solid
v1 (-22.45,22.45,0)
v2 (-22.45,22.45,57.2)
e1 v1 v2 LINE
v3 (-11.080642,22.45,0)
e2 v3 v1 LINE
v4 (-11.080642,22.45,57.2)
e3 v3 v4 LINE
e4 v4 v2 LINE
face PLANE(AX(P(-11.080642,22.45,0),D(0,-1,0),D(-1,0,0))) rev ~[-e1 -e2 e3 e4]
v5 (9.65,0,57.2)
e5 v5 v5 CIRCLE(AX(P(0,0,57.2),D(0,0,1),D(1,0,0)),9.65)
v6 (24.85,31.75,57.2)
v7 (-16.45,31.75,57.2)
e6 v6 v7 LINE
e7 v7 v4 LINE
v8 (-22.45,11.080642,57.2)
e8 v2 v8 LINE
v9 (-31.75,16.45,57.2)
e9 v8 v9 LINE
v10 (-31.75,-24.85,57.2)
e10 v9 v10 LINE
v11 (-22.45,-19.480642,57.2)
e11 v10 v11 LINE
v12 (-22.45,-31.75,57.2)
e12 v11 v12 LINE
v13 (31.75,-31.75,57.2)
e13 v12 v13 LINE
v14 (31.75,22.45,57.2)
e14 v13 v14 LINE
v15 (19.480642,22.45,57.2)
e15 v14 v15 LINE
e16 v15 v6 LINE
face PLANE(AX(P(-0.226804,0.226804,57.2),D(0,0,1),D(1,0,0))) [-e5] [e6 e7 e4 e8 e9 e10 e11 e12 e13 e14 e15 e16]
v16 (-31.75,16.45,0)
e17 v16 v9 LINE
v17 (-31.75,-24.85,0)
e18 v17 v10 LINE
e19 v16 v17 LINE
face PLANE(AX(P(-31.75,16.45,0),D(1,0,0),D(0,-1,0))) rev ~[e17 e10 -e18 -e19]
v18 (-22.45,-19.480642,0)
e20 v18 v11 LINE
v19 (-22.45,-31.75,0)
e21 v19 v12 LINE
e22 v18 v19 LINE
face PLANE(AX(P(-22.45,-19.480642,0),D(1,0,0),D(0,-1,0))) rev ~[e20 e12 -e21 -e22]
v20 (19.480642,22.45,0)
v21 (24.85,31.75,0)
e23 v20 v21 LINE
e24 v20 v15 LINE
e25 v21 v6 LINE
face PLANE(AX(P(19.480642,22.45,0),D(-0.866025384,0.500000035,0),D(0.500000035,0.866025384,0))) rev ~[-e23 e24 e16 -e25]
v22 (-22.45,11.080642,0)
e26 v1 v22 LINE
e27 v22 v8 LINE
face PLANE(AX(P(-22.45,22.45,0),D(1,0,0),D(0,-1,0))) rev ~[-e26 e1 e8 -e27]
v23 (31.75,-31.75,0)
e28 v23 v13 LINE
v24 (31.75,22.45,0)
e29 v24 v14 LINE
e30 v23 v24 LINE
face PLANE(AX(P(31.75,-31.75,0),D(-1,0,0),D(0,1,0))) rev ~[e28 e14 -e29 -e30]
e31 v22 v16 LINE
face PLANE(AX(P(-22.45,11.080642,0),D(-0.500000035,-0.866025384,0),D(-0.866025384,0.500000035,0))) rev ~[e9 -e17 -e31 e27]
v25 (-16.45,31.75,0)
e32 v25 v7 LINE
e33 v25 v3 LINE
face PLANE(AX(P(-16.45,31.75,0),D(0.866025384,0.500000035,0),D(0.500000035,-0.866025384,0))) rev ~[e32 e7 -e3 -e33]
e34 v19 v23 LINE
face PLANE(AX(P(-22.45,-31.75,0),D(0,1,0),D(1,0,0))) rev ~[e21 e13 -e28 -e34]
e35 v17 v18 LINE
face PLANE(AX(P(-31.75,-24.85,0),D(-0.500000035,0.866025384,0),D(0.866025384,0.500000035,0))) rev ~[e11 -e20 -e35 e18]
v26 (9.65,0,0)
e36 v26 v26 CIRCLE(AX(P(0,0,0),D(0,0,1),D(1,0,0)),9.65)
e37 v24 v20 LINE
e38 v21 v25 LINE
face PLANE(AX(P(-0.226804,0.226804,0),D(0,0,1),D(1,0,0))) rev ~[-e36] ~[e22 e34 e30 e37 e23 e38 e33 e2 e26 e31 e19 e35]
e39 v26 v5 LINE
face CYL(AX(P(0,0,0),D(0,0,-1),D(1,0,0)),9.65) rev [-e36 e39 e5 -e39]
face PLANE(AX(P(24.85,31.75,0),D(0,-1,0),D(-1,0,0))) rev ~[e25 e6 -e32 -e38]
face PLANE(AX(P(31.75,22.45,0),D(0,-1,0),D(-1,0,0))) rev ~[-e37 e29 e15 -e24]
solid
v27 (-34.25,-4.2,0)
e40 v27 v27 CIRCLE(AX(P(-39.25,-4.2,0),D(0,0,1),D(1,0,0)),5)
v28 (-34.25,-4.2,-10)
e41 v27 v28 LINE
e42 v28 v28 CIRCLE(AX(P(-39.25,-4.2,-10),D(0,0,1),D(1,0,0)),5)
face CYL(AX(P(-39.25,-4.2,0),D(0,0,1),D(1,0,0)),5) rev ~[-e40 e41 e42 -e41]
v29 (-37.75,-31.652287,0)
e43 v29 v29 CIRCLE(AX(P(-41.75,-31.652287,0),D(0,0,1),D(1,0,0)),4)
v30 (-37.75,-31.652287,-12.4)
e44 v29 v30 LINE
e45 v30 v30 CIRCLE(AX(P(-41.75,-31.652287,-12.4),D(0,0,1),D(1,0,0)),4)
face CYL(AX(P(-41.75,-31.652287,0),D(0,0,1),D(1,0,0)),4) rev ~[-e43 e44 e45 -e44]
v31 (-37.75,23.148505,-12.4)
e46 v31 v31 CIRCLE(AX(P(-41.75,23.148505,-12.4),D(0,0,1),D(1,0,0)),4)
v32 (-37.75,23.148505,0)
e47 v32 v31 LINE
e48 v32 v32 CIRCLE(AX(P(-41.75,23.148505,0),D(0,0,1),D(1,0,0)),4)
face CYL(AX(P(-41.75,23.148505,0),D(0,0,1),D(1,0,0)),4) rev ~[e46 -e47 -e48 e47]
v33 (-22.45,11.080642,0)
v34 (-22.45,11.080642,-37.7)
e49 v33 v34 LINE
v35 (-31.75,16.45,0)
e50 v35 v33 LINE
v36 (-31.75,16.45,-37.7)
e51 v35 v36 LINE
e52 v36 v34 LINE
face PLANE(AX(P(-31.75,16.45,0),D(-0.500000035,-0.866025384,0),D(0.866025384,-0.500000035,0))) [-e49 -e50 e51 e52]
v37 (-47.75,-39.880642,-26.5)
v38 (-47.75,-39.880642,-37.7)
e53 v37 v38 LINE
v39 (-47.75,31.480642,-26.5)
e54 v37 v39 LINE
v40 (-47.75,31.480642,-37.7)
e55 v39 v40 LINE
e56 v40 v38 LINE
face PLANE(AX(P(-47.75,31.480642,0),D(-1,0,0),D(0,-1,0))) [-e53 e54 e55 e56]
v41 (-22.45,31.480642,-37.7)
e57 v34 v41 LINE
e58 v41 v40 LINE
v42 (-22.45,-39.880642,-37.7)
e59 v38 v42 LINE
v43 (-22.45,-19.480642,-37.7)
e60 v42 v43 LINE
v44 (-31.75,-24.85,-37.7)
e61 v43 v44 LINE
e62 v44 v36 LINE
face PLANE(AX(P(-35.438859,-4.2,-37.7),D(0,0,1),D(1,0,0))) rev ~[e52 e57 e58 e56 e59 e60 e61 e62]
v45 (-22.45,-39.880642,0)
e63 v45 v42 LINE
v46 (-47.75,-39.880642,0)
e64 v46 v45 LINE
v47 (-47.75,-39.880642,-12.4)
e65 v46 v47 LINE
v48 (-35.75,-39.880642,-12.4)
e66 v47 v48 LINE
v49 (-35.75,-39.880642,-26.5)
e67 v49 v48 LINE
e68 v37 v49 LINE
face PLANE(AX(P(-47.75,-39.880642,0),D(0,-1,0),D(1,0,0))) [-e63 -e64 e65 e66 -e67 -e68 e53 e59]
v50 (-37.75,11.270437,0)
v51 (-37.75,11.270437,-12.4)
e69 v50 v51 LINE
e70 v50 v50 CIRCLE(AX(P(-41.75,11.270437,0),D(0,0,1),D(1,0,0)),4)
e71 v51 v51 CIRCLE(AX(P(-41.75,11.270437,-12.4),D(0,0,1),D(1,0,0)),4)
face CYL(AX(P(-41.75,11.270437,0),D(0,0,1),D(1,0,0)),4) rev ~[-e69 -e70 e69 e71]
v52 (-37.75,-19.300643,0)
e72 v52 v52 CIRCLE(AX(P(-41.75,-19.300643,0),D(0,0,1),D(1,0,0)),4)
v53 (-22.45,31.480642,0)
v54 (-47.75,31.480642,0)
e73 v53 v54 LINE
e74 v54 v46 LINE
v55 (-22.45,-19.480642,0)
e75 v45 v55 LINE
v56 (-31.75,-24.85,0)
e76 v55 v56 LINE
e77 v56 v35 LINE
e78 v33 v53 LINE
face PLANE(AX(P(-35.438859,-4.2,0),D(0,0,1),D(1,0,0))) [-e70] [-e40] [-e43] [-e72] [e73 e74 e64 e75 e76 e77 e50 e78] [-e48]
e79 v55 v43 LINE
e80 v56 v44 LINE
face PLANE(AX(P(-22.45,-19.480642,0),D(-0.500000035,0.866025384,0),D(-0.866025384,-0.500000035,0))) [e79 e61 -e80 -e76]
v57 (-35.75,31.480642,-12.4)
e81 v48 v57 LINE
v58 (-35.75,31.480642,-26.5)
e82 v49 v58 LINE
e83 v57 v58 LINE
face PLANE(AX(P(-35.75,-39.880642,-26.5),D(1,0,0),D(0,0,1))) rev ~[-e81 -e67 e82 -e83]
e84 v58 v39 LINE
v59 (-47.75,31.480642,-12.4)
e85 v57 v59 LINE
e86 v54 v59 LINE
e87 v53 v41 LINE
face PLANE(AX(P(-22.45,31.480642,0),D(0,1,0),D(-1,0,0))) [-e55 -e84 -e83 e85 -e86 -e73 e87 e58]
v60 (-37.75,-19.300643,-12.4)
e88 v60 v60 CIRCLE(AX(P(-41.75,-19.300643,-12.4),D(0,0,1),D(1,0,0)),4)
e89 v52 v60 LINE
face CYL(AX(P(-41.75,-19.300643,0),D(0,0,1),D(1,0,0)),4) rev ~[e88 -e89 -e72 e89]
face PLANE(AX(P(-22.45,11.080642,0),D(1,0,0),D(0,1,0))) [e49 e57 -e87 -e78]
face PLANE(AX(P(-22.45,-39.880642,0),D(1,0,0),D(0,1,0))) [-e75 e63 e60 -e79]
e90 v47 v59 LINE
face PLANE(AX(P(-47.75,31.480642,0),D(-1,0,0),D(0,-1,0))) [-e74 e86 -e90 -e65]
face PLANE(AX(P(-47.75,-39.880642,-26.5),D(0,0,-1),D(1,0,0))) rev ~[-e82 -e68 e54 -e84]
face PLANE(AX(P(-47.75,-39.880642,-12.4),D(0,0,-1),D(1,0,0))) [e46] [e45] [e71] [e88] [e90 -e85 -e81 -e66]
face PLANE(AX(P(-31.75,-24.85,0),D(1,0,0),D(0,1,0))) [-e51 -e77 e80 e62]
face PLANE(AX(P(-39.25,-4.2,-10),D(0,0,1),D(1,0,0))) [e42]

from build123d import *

# Parameters (mm, degrees)
F0_R     = 9.65
F1_DEPTH = 57.2
F2_R     = 4
F2_R_2   = 5
F3_DEPTH = 37.7
F4_W     = 12
F4_H     = 14.1
F5_DEPTH = 71.631642
F6_DEPTH = 10
F7_DEPTH = 12.4


with BuildPart() as f1:
    # F0 (on Top) → F1 (new body)
    with BuildSketch(Plane.XY):
        Polygon((-22.45, -31.75), (31.75, -31.75), (31.75, 22.45), (19.480642, 22.45), (24.85, 31.75), (-16.45, 31.75), (-11.080642, 22.45), (-22.45, 22.45), (-22.45, 11.080642), (-31.75, 16.45), (-31.75, -24.85), (-22.45, -19.480642), align=None)
        Circle(F0_R, mode=Mode.SUBTRACT)
    extrude(amount=F1_DEPTH)


with BuildPart() as f3:
    # F2 (on Top) → F3 (new body)
    with BuildSketch(Plane.XY):
        Polygon((-31.75, 16.45), (-22.45, 11.080642), (-22.45, 22.45), (-22.45, 31.480642), (-47.75, 31.480642), (-47.75, -39.880642), (-22.45, -39.880642), (-22.45, -31.75), (-22.45, -19.480642), (-31.75, -24.85), align=None)
        with Locations((-41.75, -31.652287)):
            Circle(F2_R, mode=Mode.SUBTRACT)
        with Locations((-41.75, -19.300643)):
            Circle(F2_R, mode=Mode.SUBTRACT)
        with Locations((-41.75, 11.270437)):
            Circle(F2_R, mode=Mode.SUBTRACT)
        with Locations((-39.25, -4.2)):
            Circle(F2_R_2, mode=Mode.SUBTRACT)
        with Locations((-41.75, 23.148505)):
            Circle(F2_R, mode=Mode.SUBTRACT)
        with Locations((-41.75, -31.652287)):
            Circle(F2_R)
        with Locations((-41.75, -19.300643)):
            Circle(F2_R)
        with Locations((-39.25, -4.2)):
            Circle(F2_R_2)
        with Locations((-41.75, 11.270437)):
            Circle(F2_R)
        with Locations((-41.75, 23.148505)):
            Circle(F2_R)
    extrude(amount=-F3_DEPTH)

    # F4 (on face) → F5 (cut, through all)
    with BuildSketch(Plane.XZ.offset(39.880642)):
        with Locations((-41.75, -19.45)):
            Rectangle(F4_W, F4_H)
    extrude(amount=-F5_DEPTH, mode=Mode.SUBTRACT)

    # F2 (on Top) → F6 (cut)
    with BuildSketch(Plane.XY):
        with Locations((-39.25, -4.2)):
            Circle(F2_R_2)
    extrude(amount=-F6_DEPTH, mode=Mode.SUBTRACT)

    # F2 (on Top) → F7 (cut, through all)
    with BuildSketch(Plane.XY):
        with Locations((-41.75, 23.148505)):
            Circle(F2_R)
        with Locations((-41.75, 11.270437)):
            Circle(F2_R)
        with Locations((-41.75, -19.300643)):
            Circle(F2_R)
        with Locations((-41.75, -31.652287)):
            Circle(F2_R)
    extrude(amount=-F7_DEPTH, mode=Mode.SUBTRACT)


solid = Compound([f1.part, f3.part])
